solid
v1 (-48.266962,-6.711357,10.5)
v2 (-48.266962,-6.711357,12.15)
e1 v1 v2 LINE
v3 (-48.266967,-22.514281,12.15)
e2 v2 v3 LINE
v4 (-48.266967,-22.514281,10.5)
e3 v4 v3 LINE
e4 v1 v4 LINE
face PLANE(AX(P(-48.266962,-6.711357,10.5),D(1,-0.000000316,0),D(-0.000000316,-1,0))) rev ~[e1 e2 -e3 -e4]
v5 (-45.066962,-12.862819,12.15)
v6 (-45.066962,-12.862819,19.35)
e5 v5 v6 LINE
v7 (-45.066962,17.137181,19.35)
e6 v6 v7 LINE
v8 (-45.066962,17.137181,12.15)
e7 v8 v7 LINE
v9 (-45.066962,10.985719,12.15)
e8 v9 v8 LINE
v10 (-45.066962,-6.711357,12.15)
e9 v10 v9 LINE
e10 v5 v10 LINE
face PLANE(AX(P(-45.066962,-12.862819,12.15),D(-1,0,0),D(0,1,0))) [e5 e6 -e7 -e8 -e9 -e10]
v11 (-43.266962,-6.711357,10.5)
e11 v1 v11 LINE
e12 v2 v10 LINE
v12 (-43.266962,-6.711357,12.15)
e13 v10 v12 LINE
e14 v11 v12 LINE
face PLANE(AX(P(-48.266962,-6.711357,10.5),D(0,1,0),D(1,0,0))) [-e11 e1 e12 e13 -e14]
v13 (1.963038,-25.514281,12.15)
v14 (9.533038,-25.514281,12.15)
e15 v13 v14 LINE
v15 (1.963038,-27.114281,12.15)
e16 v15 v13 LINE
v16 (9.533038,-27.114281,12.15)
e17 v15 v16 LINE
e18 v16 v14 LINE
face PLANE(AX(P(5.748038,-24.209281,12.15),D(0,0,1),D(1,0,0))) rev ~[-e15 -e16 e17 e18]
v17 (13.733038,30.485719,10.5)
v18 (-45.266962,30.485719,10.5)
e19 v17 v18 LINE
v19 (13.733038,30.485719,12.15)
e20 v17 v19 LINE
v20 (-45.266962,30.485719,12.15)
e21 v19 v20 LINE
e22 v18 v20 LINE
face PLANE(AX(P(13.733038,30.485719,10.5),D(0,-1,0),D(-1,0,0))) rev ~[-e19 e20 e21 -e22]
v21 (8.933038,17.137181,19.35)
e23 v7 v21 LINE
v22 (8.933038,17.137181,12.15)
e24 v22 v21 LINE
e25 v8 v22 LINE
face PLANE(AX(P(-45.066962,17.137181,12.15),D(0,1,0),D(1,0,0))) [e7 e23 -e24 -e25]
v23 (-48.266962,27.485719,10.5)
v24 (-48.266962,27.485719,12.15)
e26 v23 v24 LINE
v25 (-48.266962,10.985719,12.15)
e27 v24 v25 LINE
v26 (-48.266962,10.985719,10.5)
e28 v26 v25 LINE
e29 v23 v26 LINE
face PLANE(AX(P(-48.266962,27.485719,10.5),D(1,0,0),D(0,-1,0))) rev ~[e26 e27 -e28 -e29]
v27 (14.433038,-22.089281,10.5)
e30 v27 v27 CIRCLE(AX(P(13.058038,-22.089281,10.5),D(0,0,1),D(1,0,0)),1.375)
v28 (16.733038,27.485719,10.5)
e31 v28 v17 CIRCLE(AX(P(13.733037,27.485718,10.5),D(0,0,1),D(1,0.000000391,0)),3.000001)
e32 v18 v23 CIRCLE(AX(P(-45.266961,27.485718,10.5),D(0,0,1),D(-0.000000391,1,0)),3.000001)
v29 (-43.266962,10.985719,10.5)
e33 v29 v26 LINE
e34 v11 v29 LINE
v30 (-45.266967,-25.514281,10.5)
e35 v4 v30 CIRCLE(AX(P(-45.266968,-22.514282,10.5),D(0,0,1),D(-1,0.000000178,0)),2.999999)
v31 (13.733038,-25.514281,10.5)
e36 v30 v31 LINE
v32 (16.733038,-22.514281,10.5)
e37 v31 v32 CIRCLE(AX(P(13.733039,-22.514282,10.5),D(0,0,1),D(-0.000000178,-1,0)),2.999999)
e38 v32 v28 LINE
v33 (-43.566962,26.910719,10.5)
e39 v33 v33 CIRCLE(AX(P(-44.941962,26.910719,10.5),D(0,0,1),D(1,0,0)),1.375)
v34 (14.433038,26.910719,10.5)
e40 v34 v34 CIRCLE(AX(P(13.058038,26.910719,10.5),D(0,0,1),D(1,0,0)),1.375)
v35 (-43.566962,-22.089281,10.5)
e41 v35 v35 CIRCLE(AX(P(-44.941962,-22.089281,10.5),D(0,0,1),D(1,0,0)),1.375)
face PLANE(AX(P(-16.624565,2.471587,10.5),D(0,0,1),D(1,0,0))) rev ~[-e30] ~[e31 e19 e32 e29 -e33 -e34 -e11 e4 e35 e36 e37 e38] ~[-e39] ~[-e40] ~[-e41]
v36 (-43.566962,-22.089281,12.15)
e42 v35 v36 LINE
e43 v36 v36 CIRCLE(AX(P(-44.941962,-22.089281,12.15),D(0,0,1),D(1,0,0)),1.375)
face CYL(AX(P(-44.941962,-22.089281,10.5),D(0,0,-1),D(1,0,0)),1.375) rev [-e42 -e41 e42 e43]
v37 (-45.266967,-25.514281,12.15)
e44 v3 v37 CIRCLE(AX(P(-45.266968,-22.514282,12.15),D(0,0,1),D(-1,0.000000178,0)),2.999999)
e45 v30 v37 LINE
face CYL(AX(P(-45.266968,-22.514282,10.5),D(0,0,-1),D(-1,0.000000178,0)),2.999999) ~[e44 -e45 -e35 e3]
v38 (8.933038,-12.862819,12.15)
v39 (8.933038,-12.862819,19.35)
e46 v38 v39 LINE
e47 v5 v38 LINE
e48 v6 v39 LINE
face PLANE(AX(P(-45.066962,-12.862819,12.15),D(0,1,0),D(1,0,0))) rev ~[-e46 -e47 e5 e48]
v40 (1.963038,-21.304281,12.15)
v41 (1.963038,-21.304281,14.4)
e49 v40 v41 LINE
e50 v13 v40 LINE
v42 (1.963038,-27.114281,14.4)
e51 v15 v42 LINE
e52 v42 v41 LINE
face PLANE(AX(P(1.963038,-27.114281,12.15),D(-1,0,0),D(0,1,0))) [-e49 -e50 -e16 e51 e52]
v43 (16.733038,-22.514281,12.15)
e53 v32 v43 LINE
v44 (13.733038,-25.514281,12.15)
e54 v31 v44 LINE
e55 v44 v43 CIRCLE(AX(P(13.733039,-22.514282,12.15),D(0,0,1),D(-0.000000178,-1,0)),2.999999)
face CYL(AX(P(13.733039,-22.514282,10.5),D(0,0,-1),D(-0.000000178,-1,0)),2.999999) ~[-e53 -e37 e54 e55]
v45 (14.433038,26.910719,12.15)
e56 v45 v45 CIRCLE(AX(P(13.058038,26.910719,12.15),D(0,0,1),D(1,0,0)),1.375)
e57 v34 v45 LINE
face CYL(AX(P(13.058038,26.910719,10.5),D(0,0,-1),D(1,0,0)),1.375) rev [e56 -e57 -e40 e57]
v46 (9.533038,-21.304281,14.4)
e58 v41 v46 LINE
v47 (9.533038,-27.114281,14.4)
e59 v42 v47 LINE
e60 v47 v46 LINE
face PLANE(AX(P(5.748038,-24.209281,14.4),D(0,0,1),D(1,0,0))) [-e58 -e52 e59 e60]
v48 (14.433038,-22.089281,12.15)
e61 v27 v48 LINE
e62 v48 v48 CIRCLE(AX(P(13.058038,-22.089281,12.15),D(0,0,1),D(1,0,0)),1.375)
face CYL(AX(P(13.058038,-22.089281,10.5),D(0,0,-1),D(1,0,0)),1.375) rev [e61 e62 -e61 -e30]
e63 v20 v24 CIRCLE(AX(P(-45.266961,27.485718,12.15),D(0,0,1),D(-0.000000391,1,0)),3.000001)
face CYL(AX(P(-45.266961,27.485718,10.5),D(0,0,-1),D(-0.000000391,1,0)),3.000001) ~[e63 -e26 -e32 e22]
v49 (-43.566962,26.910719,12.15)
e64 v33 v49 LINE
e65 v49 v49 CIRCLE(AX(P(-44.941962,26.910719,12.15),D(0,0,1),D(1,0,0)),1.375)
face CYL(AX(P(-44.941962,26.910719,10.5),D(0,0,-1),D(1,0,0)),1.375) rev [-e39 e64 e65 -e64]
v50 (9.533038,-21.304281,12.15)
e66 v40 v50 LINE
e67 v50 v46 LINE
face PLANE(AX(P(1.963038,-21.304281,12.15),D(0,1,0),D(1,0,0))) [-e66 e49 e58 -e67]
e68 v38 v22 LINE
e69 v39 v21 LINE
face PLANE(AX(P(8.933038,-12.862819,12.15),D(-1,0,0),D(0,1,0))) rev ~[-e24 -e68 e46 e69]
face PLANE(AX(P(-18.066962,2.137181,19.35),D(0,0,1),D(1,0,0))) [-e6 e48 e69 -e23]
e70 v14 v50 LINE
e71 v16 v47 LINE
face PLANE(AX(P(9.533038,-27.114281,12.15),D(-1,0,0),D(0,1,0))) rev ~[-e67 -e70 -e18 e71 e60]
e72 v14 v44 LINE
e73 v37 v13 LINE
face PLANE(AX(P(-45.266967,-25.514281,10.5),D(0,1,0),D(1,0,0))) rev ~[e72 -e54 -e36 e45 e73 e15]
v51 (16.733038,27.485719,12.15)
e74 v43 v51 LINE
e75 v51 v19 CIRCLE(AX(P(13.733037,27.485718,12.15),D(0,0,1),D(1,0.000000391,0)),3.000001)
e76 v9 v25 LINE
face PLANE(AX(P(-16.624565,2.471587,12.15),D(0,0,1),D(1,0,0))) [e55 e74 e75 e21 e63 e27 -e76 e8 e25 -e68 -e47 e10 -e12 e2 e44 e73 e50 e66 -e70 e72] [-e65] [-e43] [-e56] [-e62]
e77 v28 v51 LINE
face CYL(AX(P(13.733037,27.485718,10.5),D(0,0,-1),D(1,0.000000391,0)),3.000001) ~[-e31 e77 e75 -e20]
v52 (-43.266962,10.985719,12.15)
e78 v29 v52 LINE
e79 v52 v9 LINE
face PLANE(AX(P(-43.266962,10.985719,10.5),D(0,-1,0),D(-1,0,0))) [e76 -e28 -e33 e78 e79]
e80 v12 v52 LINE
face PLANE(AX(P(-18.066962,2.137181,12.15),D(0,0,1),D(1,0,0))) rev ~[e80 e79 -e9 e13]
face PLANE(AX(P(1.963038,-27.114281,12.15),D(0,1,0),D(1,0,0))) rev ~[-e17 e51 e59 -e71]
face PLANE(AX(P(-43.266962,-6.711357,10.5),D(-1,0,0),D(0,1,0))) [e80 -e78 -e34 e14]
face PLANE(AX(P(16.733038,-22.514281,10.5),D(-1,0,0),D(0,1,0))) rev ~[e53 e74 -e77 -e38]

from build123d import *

# Parameters (mm, degrees)
SKETCH_R     = 1.375
PAD_DEPTH    = 1.65
SKETCH001_W  = 54
SKETCH001_H  = 30
PAD001_DEPTH = 7.2
SKETCH002_W  = 7.57
SKETCH002_H  = 5.81
PAD002_DEPTH = 2.25


with BuildPart() as part:
    # Sketch (on Face4 of Binder) → Pad (new body)
    with BuildSketch(Plane.XY.offset(10.5)):
        with BuildLine():
            Line((-48.266962, 27.485719), (-48.266962, 10.985719))
            Line((-43.266962, 10.985719), (-48.266962, 10.985719))
            Line((-43.266962, -6.711357), (-43.266962, 10.985719))
            Line((-48.266962, -6.711357), (-43.266962, -6.711357))
            Line((-48.266962, -6.711357), (-48.266967, -22.514281))
            ThreePointArc((-48.266967, -22.514281), (-47.388287, -24.635602), (-45.266967, -25.514281))
            Line((-45.266967, -25.514281), (13.733038, -25.514281))
            ThreePointArc((13.733038, -25.514281), (15.854358, -24.635602), (16.733038, -22.514281))
            Line((16.733038, -22.514281), (16.733038, 27.485719))
            ThreePointArc((16.733038, 27.485719), (15.854358, 29.607039), (13.733038, 30.485719))
            Line((13.733038, 30.485719), (-45.266962, 30.485719))
            ThreePointArc((-45.266962, 30.485719), (-47.388282, 29.607039), (-48.266962, 27.485719))
        make_face()
        with Locations((-44.941962, 26.910719)):
            Circle(SKETCH_R, mode=Mode.SUBTRACT)
        with Locations((13.058038, 26.910719)):
            Circle(SKETCH_R, mode=Mode.SUBTRACT)
        with Locations((13.058038, -22.089281)):
            Circle(SKETCH_R, mode=Mode.SUBTRACT)
        with Locations((-44.941962, -22.089281)):
            Circle(SKETCH_R, mode=Mode.SUBTRACT)
    extrude(amount=PAD_DEPTH)

    # Sketch001 (on Face18 of Pad) → Pad001 (join)
    with BuildSketch(Plane.XY.offset(12.15)):
        with Locations((-18.066962, 2.137181)):
            Rectangle(SKETCH001_W, SKETCH001_H)
    extrude(amount=PAD001_DEPTH)

    # Sketch002 (on Face5 of Pad001) → Pad002 (join)
    with BuildSketch(Plane.XY.offset(12.15)):
        with Locations((5.748038, -24.209281)):
            Rectangle(SKETCH002_W, SKETCH002_H)
    extrude(amount=PAD002_DEPTH)


solid = part.part
